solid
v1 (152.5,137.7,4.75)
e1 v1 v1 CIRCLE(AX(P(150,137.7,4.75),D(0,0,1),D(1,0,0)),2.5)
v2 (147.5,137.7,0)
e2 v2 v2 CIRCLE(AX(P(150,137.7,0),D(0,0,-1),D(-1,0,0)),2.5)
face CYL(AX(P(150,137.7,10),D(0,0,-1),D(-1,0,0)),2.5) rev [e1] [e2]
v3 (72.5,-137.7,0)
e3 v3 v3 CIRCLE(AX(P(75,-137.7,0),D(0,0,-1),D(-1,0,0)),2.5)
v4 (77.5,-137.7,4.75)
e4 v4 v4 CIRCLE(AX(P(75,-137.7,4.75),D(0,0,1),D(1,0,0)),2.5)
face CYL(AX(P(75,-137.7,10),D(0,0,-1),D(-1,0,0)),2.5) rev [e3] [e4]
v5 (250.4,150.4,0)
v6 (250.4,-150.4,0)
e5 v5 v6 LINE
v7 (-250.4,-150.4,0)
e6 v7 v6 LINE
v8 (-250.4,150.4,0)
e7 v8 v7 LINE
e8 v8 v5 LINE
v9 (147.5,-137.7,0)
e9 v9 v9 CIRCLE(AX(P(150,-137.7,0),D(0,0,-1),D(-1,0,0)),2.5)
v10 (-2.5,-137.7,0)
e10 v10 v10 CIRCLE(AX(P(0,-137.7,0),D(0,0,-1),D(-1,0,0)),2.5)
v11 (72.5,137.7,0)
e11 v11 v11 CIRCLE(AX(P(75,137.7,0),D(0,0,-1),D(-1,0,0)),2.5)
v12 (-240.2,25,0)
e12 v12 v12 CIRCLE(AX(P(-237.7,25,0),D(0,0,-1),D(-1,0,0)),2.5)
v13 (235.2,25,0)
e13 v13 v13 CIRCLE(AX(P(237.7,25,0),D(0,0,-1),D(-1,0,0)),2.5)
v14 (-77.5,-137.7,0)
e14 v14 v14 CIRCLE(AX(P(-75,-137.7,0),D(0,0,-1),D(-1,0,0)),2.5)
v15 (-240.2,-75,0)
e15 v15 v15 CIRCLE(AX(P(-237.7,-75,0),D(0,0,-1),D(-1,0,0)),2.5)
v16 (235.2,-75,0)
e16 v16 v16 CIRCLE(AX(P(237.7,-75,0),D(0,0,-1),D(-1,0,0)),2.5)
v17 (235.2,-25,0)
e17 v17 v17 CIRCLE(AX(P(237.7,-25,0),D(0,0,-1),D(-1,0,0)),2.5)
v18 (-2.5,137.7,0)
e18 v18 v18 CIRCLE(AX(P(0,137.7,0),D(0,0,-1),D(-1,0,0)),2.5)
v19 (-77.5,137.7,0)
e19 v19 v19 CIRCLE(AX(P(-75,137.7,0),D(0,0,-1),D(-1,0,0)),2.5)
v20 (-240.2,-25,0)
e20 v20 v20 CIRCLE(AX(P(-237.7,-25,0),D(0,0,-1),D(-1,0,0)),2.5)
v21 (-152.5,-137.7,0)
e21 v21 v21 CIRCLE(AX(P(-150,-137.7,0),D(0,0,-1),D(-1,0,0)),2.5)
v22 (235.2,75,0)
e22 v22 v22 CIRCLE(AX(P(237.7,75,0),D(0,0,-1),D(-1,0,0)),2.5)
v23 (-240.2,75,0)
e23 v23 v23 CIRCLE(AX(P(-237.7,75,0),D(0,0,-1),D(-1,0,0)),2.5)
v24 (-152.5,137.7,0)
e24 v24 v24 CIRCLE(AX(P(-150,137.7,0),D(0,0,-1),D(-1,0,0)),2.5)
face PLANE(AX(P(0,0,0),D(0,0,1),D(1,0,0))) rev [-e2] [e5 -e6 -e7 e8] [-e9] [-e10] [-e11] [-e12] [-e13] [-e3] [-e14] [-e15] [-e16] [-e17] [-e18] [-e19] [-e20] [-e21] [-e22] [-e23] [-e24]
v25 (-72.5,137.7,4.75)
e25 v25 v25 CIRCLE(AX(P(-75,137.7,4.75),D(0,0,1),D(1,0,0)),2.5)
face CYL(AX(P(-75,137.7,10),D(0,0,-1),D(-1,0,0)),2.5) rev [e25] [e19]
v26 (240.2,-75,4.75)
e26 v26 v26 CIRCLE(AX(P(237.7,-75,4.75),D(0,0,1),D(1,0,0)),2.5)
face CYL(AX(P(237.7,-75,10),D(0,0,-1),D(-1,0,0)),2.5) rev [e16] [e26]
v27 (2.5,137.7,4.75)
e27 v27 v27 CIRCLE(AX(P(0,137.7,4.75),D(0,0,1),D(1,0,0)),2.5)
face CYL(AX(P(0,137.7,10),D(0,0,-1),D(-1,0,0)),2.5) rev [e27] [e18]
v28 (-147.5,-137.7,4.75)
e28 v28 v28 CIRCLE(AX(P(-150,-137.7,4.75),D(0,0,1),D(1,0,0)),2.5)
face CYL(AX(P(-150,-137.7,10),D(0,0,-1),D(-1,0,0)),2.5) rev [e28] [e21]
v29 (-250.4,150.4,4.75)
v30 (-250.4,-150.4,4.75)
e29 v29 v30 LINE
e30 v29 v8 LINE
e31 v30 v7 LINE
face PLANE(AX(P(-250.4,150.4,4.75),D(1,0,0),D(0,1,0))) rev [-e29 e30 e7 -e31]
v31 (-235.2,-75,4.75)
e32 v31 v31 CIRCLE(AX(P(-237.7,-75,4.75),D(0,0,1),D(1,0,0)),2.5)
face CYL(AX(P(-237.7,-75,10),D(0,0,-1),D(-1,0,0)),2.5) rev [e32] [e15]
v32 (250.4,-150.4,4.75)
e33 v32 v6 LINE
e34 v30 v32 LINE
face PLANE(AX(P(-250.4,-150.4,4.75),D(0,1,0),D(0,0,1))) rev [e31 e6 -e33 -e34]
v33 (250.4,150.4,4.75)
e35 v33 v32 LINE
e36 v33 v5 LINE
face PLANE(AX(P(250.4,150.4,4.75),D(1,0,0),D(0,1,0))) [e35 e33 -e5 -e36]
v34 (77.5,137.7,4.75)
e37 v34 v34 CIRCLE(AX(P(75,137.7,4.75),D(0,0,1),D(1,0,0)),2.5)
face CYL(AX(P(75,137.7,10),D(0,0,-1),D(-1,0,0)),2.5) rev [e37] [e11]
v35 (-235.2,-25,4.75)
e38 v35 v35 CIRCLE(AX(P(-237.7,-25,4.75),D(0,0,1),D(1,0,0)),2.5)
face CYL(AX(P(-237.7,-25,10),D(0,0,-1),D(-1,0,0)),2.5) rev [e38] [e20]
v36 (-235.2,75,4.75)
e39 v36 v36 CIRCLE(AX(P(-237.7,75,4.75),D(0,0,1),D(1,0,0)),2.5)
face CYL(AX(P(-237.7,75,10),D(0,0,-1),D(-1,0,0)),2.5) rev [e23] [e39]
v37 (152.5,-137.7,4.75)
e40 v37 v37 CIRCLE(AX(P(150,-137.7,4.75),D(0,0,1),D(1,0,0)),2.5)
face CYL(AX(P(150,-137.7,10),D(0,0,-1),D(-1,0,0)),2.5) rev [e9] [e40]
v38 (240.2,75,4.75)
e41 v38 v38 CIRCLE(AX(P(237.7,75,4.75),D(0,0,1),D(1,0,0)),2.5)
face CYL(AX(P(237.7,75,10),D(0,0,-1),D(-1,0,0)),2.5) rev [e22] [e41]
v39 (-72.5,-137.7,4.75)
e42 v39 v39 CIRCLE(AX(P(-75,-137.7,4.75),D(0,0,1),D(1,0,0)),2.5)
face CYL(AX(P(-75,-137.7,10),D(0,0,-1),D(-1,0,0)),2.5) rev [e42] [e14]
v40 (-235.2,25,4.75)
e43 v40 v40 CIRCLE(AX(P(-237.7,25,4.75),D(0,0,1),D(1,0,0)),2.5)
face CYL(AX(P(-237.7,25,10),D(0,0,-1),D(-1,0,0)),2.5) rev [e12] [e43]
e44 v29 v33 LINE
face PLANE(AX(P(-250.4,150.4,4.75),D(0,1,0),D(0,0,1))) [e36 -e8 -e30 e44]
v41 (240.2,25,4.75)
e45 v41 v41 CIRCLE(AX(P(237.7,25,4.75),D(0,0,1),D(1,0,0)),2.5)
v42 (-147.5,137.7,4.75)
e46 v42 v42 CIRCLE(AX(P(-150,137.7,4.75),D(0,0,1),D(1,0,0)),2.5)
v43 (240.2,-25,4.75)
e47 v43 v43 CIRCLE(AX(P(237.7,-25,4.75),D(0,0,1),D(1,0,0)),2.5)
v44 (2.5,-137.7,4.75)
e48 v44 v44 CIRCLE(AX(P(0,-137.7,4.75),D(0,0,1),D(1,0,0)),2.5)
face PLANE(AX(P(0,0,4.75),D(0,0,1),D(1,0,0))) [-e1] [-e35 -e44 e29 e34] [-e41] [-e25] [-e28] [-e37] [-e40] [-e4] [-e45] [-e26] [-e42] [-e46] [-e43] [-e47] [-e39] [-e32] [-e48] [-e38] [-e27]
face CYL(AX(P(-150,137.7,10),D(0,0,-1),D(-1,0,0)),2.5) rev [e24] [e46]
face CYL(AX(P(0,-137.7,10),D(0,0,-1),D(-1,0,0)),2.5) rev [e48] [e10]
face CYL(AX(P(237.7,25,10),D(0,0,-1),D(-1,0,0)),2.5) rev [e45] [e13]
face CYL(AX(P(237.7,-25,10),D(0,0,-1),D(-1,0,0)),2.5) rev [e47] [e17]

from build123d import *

# Parameters (mm, degrees)
SKETCH_1_W          = 500.8
SKETCH_1_H          = 300.8
EXTRUDE_1_DEPTH     = 4.75
SKETCH_3_R          = 2.5
CUT_EXTRUDE_1_DEPTH = 10
SKETCH_4_R          = 2.5
CUT_EXTRUDE_2_DEPTH = 10
SKETCH_5_R          = 2.5
CUT_EXTRUDE_3_DEPTH = 10
SKETCH_6_R          = 2.5
CUT_EXTRUDE_4_DEPTH = 10


with BuildPart() as part:
    # 草圖1 → 填料-伸長1 (new body)
    with BuildSketch(Plane.XY):
        Rectangle(SKETCH_1_W, SKETCH_1_H)
    extrude(amount=EXTRUDE_1_DEPTH)

    # 草圖3 → 除料-伸長1 (cut)
    with BuildSketch(Plane(origin=(0, 0, 0), x_dir=(-1, 0, 0), z_dir=(0, 0, -1))):
        with Locations((-150, 137.7)):
            Circle(SKETCH_3_R)
        with Locations((-75, 137.7)):
            Circle(SKETCH_3_R)
        with Locations((0, 137.7)):
            Circle(SKETCH_3_R)
        with Locations((75, 137.7)):
            Circle(SKETCH_3_R)
        with Locations((150, 137.7)):
            Circle(SKETCH_3_R)
    extrude(amount=-CUT_EXTRUDE_1_DEPTH, mode=Mode.SUBTRACT)

    # 草圖4 → 除料-伸長2 (cut)
    with BuildSketch(Plane(origin=(0, 0, 0), x_dir=(-1, 0, 0), z_dir=(0, 0, -1))):
        with Locations((-237.7, 75)):
            Circle(SKETCH_4_R)
        with Locations((-237.7, 25)):
            Circle(SKETCH_4_R)
        with Locations((-237.7, -25)):
            Circle(SKETCH_4_R)
        with Locations((-237.7, -75)):
            Circle(SKETCH_4_R)
    extrude(amount=-CUT_EXTRUDE_2_DEPTH, mode=Mode.SUBTRACT)

    # 草圖5 → 除料-伸長3 (cut)
    with BuildSketch(Plane(origin=(0, 0, 0), x_dir=(-1, 0, 0), z_dir=(0, 0, -1))):
        with Locations((237.7, 75)):
            Circle(SKETCH_5_R)
        with Locations((237.7, 25)):
            Circle(SKETCH_5_R)
        with Locations((237.7, -25)):
            Circle(SKETCH_5_R)
        with Locations((237.7, -75)):
            Circle(SKETCH_5_R)
    extrude(amount=-CUT_EXTRUDE_3_DEPTH, mode=Mode.SUBTRACT)

    # 草圖6 → 除料-伸長4 (cut)
    with BuildSketch(Plane(origin=(0, 0, 0), x_dir=(-1, 0, 0), z_dir=(0, 0, -1))):
        with Locations((150, -137.7)):
            Circle(SKETCH_6_R)
        with Locations((75, -137.7)):
            Circle(SKETCH_6_R)
        with Locations((0, -137.7)):
            Circle(SKETCH_6_R)
        with Locations((-75, -137.7)):
            Circle(SKETCH_6_R)
        with Locations((-150, -137.7)):
            Circle(SKETCH_6_R)
    extrude(amount=-CUT_EXTRUDE_4_DEPTH, mode=Mode.SUBTRACT)


solid = part.part
